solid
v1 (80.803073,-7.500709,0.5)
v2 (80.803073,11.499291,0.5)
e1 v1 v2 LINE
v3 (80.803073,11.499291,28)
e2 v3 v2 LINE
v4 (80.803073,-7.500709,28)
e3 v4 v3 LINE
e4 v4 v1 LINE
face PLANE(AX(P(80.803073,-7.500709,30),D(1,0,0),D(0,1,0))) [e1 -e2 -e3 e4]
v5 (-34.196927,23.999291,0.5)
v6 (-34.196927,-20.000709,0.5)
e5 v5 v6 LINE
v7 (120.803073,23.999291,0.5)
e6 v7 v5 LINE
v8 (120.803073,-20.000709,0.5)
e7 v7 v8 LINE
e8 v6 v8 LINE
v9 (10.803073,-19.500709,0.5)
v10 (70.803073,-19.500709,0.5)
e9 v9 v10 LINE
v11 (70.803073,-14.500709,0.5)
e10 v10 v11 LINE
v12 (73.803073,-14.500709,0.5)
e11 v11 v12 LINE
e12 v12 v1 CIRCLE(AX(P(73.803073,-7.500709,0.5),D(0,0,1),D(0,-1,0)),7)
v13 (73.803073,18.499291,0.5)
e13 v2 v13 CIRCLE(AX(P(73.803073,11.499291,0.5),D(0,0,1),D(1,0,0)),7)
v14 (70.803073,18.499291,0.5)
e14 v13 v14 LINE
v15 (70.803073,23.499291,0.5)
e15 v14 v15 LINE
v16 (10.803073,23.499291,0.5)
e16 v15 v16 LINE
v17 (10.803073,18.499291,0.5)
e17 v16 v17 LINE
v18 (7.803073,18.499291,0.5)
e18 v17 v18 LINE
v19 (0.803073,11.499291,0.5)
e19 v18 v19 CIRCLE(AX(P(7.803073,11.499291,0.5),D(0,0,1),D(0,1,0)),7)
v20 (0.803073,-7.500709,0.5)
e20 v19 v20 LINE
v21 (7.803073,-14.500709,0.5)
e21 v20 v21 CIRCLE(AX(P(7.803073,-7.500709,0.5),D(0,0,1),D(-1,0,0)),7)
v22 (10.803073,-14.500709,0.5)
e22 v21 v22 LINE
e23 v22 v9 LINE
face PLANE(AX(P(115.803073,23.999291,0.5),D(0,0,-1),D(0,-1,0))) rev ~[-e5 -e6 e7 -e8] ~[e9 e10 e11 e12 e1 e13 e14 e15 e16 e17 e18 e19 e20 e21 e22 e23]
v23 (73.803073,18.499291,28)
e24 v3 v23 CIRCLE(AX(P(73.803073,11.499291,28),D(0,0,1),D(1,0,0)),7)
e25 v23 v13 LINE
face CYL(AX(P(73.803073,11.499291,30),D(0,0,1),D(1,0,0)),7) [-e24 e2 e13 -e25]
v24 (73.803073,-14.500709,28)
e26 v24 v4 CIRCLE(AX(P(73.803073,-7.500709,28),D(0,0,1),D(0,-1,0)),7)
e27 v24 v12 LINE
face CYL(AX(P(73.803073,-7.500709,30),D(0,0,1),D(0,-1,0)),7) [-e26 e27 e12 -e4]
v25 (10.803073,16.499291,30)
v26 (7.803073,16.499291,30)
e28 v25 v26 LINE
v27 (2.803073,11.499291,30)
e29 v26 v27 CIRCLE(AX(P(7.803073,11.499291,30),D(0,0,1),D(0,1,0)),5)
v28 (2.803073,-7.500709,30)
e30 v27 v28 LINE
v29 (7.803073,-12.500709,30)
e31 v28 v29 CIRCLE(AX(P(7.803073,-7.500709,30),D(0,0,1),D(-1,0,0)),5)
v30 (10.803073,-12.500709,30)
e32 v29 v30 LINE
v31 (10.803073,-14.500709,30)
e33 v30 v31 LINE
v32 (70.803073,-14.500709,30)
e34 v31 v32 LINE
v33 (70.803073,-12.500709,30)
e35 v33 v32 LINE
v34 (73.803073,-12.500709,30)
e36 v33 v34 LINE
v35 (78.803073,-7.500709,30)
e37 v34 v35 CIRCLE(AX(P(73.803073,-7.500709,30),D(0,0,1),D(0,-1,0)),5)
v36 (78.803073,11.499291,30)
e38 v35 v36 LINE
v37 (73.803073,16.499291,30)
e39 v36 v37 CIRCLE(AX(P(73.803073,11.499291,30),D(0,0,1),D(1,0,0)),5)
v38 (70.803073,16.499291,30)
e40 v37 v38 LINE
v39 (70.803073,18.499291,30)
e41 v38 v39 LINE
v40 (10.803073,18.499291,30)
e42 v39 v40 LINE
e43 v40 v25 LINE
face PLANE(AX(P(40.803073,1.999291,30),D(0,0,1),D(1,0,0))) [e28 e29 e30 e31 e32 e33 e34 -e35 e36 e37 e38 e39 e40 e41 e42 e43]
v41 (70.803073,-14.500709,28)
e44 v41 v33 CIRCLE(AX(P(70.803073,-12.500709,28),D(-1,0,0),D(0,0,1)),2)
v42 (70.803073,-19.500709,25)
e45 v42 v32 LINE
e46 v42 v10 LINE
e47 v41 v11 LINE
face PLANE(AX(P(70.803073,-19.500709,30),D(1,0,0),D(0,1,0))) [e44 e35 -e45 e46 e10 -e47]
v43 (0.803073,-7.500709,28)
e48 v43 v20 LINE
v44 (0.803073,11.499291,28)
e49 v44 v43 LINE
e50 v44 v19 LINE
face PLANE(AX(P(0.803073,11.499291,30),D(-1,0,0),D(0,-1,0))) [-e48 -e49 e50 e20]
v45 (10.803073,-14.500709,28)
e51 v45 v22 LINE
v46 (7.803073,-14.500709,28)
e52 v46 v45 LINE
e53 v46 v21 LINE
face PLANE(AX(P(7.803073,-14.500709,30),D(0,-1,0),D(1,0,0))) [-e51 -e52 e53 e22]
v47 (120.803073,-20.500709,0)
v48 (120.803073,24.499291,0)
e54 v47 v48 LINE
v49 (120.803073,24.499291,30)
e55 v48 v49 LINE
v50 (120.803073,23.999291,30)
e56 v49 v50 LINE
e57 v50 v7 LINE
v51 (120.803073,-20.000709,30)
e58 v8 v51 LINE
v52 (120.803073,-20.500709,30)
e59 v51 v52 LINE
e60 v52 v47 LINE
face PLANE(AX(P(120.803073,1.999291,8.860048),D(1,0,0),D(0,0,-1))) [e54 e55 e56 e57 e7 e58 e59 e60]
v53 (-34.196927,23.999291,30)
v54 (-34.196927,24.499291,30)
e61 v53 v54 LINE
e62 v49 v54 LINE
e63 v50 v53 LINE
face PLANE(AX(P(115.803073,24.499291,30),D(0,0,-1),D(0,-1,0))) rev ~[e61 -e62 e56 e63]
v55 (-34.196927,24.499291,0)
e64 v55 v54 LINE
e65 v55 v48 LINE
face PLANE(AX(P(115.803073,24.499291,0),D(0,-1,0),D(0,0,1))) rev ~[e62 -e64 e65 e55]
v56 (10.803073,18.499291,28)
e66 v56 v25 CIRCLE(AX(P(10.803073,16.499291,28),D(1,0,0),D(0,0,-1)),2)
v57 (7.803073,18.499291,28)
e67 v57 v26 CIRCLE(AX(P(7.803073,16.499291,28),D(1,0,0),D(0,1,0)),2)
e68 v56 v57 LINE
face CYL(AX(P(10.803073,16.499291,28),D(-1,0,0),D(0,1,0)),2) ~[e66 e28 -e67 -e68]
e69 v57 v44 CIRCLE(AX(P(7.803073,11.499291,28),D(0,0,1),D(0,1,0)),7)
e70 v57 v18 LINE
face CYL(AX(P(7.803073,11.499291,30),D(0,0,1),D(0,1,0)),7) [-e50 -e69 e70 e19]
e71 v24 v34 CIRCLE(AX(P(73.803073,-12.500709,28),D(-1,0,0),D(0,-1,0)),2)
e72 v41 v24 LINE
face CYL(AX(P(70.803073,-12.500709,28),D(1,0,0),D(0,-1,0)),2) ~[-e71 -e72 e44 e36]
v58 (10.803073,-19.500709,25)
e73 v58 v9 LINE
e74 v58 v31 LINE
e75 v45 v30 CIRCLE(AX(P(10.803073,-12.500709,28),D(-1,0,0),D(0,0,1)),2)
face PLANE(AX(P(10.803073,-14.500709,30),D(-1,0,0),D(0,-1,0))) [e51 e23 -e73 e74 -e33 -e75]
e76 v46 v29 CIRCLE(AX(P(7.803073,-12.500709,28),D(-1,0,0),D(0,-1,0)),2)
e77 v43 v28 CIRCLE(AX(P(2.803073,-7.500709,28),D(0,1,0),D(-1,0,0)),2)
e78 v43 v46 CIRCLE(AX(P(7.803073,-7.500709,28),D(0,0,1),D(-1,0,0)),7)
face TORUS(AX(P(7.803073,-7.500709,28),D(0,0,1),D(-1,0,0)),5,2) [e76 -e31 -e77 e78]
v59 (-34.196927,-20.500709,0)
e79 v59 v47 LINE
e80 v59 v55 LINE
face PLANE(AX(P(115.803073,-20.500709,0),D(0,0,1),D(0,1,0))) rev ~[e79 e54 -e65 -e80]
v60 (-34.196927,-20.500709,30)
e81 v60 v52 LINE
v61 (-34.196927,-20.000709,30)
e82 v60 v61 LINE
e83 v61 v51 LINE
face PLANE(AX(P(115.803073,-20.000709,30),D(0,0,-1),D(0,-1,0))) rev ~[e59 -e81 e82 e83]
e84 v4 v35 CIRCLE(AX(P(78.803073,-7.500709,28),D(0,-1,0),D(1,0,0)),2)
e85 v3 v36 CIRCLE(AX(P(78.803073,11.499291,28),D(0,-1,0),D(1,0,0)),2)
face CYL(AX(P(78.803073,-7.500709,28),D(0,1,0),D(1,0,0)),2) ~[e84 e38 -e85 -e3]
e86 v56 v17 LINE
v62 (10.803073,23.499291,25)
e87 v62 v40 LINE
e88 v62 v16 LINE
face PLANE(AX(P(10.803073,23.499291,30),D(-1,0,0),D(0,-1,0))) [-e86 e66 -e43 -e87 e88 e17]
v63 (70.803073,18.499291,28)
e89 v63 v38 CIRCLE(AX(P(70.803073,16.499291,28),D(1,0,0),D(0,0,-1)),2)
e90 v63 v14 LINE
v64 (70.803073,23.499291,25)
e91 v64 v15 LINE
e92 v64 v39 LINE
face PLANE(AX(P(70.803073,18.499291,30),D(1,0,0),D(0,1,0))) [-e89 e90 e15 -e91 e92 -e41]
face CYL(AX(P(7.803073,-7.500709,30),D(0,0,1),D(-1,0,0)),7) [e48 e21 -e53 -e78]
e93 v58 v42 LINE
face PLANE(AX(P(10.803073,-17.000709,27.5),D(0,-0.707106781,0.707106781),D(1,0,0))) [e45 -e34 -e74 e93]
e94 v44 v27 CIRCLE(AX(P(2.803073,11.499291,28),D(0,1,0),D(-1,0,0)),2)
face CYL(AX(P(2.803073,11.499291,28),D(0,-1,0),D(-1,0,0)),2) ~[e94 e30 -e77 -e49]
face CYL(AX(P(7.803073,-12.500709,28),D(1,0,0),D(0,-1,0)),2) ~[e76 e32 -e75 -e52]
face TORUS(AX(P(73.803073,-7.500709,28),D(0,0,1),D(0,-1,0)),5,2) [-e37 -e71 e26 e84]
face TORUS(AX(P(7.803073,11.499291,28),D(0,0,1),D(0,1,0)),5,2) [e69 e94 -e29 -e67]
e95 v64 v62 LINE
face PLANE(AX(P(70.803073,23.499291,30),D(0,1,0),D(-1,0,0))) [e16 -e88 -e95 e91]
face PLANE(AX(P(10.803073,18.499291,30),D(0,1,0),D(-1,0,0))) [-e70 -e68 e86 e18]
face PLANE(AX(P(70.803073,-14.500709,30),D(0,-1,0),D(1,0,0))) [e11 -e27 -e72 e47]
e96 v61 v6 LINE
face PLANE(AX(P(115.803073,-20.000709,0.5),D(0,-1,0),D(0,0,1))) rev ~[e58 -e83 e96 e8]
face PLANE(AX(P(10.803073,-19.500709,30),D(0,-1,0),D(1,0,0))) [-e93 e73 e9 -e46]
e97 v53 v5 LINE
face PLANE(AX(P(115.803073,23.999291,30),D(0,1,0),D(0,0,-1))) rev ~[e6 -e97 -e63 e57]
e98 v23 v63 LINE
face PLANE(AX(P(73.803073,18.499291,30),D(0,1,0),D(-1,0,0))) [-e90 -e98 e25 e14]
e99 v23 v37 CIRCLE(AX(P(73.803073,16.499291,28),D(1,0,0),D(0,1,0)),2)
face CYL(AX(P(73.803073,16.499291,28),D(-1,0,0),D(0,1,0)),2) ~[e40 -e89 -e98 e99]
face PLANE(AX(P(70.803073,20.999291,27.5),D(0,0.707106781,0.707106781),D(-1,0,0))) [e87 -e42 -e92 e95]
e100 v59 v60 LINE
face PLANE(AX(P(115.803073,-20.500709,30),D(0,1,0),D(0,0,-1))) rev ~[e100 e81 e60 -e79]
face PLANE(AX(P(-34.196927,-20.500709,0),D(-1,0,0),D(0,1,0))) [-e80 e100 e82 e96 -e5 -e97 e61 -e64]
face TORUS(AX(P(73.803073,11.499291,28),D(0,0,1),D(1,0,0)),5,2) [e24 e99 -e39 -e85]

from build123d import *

# Parameters (mm, degrees)
SKETCH1_W               = 150
SKETCH1_H               = 45
EXTRUDE1_DEPTH          = 30
CUT_EXTRUDE1_DEPTH      = 29.5
FILLET1_R               = 2
CHAMFER1_SIZE           = 5
SALIENTE_EXTRUIR1_DEPTH = 5


with BuildPart() as part:
    # Sketch1 → Extrude1 (new body)
    with BuildSketch(Plane.XY):
        with Locations((40.803073286, 1.99929078)):
            Rectangle(SKETCH1_W, SKETCH1_H)
    extrude(amount=EXTRUDE1_DEPTH)

    # Sketch2 → Cut-Extrude1 (cut)
    with BuildSketch(Plane.XY.offset(30)):
        Polygon((-34.196926714, 23.99929078), (-34.196926714, -20.00070922), (-33.696926714, -20.00070922), (10.803073286, -20.00070922), (70.803073286, -20.00070922), (115.303073286, -20.00070922), (115.803073286, -20.00070922), (115.803073286, 23.99929078), (115.303073286, 23.99929078), (70.803073286, 23.99929078), (10.803073286, 23.99929078), (-33.696926714, 23.99929078), align=None)
        with BuildLine():
            Line((70.803073286, -19.50070922), (70.803073286, -14.50070922))
            Line((70.803073286, -14.50070922), (73.803073286, -14.50070922))
            ThreePointArc((73.803073286, -14.50070922), (78.752820754, -12.450456688), (80.803073286, -7.50070922))
            Line((80.803073286, -7.50070922), (80.803073286, 11.49929078))
            ThreePointArc((80.803073286, 11.49929078), (78.752820754, 16.449038248), (73.803073286, 18.49929078))
            Line((73.803073286, 18.49929078), (70.803073286, 18.49929078))
            Line((70.803073286, 18.49929078), (70.803073286, 23.49929078))
            Line((70.803073286, 23.49929078), (10.803073286, 23.49929078))
            Line((10.803073286, 23.49929078), (10.803073286, 18.49929078))
            Line((10.803073286, 18.49929078), (7.803073286, 18.49929078))
            ThreePointArc((7.803073286, 18.49929078), (2.853325818, 16.449038248), (0.803073286, 11.49929078))
            Line((0.803073286, 11.49929078), (0.803073286, -7.50070922))
            ThreePointArc((0.803073286, -7.50070922), (2.853325818, -12.450456688), (7.803073286, -14.50070922))
            Line((7.803073286, -14.50070922), (10.803073286, -14.50070922))
            Line((10.803073286, -14.50070922), (10.803073286, -19.50070922))
            Line((10.803073286, -19.50070922), (70.803073286, -19.50070922))
        make_face(mode=Mode.SUBTRACT)
    extrude(amount=-CUT_EXTRUDE1_DEPTH, mode=Mode.SUBTRACT)

    # Fillet1
    fillet1_edges = [part.edges().sort_by_distance(p)[0] for p in [
        (78.752820754, -12.450456688, 30),
        (80.803073286, 1.99929078, 30),
        (78.752820754, 16.449038248, 30),
        (72.303073286, 18.49929078, 30),
        (9.303073286, 18.49929078, 30),
        (2.853325818, 16.449038248, 30),
        (0.803073286, 1.99929078, 30),
        (2.853325818, -12.450456688, 30),
        (9.303073286, -14.50070922, 30),
        (72.303073286, -14.50070922, 30),
    ]]
    fillet(fillet1_edges, radius=FILLET1_R)

    # Chamfer1
    chamfer1_edges = [part.edges().sort_by_distance(p)[0] for p in [
        (40.803073286, 23.49929078, 30),
        (40.803073286, -19.50070922, 30),
    ]]
    chamfer(chamfer1_edges, length=CHAMFER1_SIZE)

    # Croquis1 → Saliente-Extruir1 (add)
    with BuildSketch(Plane(origin=(115.803073286, 0, 0), x_dir=(0, 0, -1), z_dir=(1, 0, 0))):
        Polygon((-0.5, 23.99929078), (-0.5, -20.00070922), (-30, -20.00070922), (-30, -20.50070922), (0, -20.50070922), (0, 24.49929078), (-30, 24.49929078), (-30, 23.99929078), align=None)
    extrude(amount=SALIENTE_EXTRUIR1_DEPTH)


solid = part.part
